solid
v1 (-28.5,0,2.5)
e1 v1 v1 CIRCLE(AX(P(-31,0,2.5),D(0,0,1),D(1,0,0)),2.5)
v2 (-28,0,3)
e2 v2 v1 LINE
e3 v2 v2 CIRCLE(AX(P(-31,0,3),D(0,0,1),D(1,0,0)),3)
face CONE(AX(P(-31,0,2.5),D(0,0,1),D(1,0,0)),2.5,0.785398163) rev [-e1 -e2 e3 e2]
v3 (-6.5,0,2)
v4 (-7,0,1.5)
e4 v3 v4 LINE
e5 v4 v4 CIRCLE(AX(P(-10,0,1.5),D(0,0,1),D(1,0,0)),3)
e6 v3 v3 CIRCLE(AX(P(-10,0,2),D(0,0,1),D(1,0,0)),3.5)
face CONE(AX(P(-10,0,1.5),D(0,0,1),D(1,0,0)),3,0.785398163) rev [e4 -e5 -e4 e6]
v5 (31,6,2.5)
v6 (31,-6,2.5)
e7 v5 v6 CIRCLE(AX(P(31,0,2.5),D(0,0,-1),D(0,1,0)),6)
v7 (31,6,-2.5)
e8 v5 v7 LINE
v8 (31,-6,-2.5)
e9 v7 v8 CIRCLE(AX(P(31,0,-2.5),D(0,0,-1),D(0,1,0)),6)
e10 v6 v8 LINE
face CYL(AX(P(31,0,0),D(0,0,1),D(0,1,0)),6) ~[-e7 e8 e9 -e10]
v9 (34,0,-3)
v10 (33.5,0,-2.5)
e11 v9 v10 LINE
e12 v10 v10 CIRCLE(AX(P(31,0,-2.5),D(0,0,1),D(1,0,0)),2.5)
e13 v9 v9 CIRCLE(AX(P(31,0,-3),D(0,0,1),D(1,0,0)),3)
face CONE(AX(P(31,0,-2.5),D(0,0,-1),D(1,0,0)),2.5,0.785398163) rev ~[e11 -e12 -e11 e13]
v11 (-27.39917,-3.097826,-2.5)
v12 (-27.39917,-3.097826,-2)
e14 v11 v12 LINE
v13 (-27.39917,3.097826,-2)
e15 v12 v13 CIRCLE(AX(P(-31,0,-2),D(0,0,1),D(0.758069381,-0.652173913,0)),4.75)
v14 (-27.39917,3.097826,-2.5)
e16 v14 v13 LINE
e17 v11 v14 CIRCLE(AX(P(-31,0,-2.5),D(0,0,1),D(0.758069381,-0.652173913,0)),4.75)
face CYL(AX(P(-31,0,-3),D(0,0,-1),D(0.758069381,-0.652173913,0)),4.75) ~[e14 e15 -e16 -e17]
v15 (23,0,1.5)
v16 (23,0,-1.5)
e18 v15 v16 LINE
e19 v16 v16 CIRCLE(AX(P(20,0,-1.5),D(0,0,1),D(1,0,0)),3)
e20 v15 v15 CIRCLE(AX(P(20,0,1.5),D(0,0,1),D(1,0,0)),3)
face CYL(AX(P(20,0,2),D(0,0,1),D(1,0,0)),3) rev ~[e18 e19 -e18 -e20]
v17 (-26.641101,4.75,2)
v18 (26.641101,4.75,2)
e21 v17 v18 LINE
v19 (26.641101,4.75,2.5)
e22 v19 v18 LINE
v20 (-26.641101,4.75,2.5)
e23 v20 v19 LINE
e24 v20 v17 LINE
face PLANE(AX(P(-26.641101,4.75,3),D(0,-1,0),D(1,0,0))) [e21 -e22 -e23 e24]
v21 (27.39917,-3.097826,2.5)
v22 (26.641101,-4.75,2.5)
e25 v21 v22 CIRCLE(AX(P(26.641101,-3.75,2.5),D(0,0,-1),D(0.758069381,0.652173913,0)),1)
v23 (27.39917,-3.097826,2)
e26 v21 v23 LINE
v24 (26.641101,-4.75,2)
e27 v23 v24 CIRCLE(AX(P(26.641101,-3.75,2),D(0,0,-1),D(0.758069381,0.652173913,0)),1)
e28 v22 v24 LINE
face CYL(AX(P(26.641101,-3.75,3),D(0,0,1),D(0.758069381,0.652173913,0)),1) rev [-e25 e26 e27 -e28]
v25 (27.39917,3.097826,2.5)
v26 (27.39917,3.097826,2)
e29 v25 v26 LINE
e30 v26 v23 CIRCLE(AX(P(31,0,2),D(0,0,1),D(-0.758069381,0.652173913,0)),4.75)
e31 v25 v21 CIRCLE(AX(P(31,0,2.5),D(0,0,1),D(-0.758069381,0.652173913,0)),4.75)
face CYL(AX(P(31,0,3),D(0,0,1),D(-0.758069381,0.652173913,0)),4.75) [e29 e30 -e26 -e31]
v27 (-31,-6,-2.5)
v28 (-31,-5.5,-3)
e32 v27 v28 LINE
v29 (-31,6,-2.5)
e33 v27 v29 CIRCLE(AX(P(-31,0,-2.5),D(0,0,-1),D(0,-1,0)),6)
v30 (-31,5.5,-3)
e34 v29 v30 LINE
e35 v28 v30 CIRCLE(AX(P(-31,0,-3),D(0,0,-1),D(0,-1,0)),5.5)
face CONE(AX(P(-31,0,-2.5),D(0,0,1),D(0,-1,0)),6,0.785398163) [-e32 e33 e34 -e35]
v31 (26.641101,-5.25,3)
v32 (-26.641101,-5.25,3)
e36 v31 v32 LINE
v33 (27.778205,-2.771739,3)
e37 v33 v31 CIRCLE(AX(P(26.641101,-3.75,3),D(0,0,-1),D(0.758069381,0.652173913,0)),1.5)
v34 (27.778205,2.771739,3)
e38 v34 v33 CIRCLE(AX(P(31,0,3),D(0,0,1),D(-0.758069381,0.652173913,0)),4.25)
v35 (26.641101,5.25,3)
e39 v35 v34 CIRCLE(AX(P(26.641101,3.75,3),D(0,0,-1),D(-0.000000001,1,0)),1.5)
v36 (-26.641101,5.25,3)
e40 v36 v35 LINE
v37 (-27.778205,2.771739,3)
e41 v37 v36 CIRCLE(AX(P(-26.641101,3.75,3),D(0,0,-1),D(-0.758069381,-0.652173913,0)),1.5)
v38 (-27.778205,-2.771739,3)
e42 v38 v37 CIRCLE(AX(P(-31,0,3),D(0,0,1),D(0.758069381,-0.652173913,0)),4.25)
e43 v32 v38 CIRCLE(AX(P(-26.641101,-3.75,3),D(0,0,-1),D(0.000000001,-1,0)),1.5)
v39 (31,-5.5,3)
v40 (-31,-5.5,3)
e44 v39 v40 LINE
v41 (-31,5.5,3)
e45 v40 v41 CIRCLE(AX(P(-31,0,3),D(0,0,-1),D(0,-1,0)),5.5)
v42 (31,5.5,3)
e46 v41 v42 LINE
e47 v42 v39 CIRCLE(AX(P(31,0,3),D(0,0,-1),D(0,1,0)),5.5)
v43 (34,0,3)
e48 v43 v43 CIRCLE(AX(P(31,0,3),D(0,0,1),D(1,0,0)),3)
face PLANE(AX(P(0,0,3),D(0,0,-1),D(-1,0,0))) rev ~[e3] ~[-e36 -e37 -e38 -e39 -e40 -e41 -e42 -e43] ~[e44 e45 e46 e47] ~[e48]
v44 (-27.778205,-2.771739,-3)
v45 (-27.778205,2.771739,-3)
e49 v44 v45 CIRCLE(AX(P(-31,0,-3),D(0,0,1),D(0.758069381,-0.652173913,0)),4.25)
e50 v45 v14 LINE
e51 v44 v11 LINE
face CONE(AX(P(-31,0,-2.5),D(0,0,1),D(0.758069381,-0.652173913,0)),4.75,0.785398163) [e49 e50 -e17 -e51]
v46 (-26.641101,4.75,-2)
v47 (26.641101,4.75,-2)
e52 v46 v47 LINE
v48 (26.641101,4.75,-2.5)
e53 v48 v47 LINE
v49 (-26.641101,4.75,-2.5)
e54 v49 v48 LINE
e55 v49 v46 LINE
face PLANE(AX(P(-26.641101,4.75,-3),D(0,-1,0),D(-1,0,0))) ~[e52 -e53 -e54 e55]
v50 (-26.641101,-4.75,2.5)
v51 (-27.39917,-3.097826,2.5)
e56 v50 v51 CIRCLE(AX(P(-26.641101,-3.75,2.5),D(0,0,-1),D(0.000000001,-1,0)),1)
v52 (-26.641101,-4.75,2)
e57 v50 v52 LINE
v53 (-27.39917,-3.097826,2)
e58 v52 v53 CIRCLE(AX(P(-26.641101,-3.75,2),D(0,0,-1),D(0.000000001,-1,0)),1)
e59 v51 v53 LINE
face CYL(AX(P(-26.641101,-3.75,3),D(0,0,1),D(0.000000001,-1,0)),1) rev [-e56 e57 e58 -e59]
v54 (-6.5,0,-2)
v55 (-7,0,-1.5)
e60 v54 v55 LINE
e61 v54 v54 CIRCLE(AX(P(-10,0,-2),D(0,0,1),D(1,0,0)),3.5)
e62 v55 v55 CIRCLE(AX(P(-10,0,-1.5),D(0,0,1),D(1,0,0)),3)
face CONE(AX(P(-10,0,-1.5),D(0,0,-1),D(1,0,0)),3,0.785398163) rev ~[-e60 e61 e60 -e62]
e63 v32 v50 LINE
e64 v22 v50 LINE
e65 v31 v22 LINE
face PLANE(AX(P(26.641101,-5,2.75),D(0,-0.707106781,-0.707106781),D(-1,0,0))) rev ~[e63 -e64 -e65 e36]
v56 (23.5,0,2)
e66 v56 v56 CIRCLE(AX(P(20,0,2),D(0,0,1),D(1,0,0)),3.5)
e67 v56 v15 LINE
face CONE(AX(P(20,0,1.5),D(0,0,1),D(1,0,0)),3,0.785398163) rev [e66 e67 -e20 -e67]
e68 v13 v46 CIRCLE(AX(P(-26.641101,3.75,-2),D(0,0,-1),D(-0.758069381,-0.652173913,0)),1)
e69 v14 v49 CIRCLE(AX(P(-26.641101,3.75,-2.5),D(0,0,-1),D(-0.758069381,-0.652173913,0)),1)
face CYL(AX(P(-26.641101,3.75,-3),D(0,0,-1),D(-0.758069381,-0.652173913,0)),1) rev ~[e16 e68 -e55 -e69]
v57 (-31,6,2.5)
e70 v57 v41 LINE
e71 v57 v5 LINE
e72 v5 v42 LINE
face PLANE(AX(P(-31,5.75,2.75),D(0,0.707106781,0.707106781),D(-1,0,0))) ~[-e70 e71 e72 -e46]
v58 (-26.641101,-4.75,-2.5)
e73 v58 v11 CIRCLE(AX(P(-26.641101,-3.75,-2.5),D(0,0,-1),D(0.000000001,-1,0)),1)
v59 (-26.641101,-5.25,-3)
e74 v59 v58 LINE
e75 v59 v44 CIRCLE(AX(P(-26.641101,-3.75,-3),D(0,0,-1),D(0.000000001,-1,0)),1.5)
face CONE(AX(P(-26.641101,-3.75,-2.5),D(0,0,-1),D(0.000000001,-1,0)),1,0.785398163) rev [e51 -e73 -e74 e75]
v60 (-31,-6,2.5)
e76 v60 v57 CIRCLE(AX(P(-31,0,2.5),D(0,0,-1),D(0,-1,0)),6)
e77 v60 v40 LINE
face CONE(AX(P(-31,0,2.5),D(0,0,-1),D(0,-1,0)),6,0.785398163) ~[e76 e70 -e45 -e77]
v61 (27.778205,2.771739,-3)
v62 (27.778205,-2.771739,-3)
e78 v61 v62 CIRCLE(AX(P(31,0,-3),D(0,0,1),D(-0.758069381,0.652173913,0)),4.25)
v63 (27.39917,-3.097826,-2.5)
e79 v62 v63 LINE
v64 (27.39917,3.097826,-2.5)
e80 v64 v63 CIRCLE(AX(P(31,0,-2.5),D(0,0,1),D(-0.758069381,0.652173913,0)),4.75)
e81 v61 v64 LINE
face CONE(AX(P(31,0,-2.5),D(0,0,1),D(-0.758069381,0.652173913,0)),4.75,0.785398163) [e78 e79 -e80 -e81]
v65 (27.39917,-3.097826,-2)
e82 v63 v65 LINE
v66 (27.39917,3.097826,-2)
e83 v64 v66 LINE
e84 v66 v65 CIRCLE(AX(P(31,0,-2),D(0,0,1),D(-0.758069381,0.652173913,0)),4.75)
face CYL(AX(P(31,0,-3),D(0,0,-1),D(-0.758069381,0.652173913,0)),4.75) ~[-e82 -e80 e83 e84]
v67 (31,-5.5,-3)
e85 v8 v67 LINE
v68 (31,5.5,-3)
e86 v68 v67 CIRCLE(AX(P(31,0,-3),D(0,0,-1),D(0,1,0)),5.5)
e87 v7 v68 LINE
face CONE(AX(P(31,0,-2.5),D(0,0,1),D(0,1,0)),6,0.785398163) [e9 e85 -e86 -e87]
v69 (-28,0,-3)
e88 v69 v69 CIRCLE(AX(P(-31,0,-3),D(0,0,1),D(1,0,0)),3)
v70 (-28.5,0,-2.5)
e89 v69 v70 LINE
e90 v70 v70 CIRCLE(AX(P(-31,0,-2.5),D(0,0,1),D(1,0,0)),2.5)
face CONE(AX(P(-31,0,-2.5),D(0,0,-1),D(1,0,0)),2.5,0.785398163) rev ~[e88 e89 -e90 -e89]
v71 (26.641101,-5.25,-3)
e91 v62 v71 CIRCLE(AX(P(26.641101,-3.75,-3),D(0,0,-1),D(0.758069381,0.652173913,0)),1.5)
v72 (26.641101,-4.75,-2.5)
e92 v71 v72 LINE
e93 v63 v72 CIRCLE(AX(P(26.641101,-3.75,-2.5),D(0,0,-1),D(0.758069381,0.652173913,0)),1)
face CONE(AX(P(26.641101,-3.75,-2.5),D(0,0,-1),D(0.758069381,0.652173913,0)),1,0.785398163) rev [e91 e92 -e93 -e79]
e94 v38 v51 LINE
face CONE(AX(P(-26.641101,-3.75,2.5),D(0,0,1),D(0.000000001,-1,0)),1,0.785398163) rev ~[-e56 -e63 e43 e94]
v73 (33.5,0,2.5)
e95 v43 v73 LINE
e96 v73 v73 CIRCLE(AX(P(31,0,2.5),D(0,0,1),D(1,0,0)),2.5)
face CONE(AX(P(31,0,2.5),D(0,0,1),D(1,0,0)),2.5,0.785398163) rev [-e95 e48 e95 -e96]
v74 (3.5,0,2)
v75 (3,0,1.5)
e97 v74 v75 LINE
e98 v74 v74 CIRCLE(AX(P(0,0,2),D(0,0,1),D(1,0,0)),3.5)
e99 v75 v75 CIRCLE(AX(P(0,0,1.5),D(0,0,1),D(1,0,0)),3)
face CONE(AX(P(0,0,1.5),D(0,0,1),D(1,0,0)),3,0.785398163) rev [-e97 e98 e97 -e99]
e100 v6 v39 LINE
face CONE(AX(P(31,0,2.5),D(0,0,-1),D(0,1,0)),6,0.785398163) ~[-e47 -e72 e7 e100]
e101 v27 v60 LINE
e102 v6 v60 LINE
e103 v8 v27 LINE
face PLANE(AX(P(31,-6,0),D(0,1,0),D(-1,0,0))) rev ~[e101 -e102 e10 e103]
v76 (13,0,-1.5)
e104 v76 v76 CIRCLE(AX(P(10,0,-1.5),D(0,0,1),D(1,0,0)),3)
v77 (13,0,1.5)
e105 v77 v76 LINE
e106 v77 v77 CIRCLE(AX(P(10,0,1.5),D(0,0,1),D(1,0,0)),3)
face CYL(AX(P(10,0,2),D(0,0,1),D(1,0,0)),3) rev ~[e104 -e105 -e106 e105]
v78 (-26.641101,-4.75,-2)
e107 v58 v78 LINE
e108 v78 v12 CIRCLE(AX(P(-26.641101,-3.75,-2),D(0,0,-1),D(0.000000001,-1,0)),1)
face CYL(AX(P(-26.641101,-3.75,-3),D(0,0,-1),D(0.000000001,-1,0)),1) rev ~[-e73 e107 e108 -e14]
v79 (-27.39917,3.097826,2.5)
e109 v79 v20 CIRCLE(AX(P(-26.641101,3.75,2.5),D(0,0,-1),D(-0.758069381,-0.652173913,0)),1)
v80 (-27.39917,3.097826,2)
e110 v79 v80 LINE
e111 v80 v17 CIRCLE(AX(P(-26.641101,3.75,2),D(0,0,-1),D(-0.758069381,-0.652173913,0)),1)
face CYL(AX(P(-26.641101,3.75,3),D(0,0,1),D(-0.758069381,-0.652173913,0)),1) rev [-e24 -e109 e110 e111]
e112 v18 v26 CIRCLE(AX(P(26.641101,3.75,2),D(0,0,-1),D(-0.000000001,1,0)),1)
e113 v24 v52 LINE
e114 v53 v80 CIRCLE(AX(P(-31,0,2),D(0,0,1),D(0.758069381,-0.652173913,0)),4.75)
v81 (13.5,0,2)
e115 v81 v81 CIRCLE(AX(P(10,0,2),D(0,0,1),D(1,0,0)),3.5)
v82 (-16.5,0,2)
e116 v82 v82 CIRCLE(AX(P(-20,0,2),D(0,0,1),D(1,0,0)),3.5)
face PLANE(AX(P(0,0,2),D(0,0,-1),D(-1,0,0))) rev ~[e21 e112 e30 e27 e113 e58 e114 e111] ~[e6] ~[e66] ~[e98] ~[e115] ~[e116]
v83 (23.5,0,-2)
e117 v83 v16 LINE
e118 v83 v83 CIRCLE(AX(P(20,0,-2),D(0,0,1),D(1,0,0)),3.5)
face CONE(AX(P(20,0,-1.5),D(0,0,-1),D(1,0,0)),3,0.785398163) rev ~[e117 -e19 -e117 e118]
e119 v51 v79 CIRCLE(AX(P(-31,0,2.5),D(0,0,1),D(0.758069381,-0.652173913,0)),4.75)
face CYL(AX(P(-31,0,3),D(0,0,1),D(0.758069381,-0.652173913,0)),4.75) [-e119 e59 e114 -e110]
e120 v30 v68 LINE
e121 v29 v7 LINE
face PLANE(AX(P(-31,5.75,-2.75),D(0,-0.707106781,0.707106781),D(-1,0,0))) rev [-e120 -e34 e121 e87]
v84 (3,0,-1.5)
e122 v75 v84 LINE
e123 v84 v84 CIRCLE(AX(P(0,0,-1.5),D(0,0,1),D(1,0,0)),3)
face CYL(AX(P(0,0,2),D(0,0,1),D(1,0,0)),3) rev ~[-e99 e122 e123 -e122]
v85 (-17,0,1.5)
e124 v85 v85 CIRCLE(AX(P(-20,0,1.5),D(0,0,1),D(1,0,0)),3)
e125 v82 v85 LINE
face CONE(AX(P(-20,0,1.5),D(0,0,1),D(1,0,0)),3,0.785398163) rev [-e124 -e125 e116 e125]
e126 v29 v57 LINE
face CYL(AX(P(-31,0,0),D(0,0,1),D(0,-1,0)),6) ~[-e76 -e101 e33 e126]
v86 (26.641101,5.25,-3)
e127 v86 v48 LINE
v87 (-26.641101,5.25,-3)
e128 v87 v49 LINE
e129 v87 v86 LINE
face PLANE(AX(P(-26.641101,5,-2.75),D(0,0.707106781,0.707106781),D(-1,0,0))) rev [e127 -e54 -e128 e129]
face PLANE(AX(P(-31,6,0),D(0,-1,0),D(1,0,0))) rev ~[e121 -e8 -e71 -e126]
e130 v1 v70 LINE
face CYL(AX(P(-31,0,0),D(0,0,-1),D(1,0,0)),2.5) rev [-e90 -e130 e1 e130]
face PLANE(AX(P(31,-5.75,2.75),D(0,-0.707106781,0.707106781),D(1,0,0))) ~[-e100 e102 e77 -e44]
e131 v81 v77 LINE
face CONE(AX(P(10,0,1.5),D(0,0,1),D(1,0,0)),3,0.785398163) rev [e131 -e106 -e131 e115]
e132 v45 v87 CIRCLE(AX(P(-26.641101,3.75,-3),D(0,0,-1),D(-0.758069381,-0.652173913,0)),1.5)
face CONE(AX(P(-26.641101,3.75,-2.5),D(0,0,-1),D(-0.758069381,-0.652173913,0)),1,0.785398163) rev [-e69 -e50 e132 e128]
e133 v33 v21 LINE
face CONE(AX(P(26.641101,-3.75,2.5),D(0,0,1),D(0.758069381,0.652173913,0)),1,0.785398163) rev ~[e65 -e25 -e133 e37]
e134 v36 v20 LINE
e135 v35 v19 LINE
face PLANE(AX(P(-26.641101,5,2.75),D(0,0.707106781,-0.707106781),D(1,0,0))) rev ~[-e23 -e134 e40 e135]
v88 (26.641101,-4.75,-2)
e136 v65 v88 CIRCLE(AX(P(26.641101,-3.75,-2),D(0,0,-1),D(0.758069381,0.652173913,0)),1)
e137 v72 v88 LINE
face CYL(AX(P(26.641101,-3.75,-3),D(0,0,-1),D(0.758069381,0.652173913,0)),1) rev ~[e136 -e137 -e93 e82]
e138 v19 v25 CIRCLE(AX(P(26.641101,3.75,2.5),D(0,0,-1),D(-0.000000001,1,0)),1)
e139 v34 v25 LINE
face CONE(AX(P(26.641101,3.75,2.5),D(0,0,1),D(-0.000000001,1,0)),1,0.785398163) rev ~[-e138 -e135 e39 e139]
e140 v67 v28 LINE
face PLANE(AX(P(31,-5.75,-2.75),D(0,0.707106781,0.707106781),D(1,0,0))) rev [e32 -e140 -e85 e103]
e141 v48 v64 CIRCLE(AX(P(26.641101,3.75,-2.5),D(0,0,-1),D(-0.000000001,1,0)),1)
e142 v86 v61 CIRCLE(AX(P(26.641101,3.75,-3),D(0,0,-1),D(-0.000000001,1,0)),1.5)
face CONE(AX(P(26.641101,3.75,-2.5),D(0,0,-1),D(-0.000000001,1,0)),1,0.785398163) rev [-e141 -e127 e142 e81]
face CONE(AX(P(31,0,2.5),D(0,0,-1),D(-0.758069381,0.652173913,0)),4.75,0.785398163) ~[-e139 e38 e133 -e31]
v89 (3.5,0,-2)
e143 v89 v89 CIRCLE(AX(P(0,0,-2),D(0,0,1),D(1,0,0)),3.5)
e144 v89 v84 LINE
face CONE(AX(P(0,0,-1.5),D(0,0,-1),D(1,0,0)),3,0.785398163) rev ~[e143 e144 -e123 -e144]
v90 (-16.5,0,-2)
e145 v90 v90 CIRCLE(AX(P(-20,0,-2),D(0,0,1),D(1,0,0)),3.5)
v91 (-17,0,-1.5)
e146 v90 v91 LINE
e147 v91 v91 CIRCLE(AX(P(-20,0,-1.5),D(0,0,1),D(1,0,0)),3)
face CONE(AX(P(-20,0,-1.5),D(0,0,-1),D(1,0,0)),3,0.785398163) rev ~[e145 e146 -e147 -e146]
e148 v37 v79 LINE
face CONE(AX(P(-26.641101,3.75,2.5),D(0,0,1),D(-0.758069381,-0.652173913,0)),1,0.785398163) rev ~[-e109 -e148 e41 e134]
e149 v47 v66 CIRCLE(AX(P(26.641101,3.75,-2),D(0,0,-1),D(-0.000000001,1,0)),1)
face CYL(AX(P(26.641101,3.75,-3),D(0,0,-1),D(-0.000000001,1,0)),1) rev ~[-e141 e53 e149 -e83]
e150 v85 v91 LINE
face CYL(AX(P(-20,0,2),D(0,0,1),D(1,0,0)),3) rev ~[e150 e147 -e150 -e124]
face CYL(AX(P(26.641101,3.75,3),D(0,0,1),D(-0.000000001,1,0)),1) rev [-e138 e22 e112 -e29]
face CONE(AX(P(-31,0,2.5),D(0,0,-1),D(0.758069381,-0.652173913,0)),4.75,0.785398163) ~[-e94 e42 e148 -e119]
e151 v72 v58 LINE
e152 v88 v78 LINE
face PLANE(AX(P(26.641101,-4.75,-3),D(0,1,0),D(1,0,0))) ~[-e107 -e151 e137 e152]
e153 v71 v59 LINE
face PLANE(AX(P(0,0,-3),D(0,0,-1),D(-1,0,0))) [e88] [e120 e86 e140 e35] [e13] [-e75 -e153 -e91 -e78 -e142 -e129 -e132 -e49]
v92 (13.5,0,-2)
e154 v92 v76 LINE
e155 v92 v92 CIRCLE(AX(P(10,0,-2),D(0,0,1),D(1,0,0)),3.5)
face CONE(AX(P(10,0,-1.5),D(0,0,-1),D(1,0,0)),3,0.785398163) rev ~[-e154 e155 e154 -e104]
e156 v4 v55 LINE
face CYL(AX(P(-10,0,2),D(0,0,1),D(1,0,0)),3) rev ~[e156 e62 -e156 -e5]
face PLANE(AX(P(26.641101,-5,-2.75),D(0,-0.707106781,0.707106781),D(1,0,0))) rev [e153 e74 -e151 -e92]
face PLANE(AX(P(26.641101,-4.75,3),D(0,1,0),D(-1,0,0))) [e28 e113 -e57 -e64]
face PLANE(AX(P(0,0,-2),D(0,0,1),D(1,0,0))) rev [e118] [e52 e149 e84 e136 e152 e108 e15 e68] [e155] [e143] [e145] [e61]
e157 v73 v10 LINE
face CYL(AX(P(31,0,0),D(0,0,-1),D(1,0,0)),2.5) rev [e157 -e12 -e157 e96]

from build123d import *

# Parameters (mm, degrees)
SKETCH1_R           = 2.5
BOSS_EXTRUDE1_DEPTH = 3
CUT_EXTRUDE1_DEPTH  = 1
SKETCH3_R           = 3
CUT_EXTRUDE2_DEPTH  = 38.815340802
CHAMFER1_SIZE       = 0.5
CHAMFER2_SIZE       = 0.5


with BuildPart() as part:
    # Sketch1 → Boss-Extrude1 (new, symmetric)
    with BuildSketch(Plane.XY):
        with BuildLine():
            Line((-31, 6), (31, 6))
            ThreePointArc((31, 6), (37, 0), (31, -6))
            Line((31, -6), (-31, -6))
            ThreePointArc((-31, -6), (-37, 0), (-31, 6))
        make_face()
        with Locations((-31, 0)):
            Circle(SKETCH1_R, mode=Mode.SUBTRACT)
        with Locations((31, 0)):
            Circle(SKETCH1_R, mode=Mode.SUBTRACT)
    extrude(amount=BOSS_EXTRUDE1_DEPTH, both=True)

    # Sketch2 → Cut-Extrude1 (cut)
    with BuildSketch(Plane.XY.offset(3)):
        with BuildLine():
            Line((-26.641101056, 4.75), (26.641101056, 4.75))
            ThreePointArc((26.641101056, 4.75), (27.549994316, 4.167028828), (27.399170438, 3.097826087))
            ThreePointArc((27.399170438, 3.097826087), (26.25, 0), (27.399170438, -3.097826087))
            ThreePointArc((27.399170438, -3.097826087), (27.549994316, -4.167028828), (26.641101056, -4.75))
            Line((26.641101056, -4.75), (-26.641101056, -4.75))
            ThreePointArc((-26.641101056, -4.75), (-27.549994316, -4.167028828), (-27.399170438, -3.097826087))
            ThreePointArc((-27.399170438, -3.097826087), (-26.25, 0), (-27.399170438, 3.097826087))
            ThreePointArc((-27.399170438, 3.097826087), (-27.549994316, 4.167028828), (-26.641101056, 4.75))
        make_face()
    cut_extrude1 = extrude(amount=-CUT_EXTRUDE1_DEPTH, mode=Mode.SUBTRACT)

    # Mirror1: Cut-Extrude1 across plane
    add(cut_extrude1.mirror(Plane.XY), mode=Mode.SUBTRACT)

    # Sketch3 → Cut-Extrude2 (cut, through all)
    with BuildSketch(Plane.XY.offset(2)):
        Circle(SKETCH3_R)
        with Locations((-20, 0)):
            Circle(SKETCH3_R)
        with Locations((-10, 0)):
            Circle(SKETCH3_R)
        with Locations((10, 0)):
            Circle(SKETCH3_R)
        with Locations((20, 0)):
            Circle(SKETCH3_R)
    extrude(amount=-CUT_EXTRUDE2_DEPTH, mode=Mode.SUBTRACT)

    # Chamfer1
    chamfer1_edges = [part.edges().sort_by_distance(p)[0] for p in [
        (-33.5, 0, 3),
        (37, 0, 3),
        (28.5, 0, 3),
        (0, 6, 3),
        (27.549994316, -4.167028828, 3),
        (26.25, 0, 3),
        (27.549994316, 4.167028828, 3),
        (0, 4.75, 3),
        (-27.549994316, 4.167028828, 3),
        (-26.25, 0, 3),
        (-27.549994316, -4.167028828, 3),
        (0, -4.75, 3),
        (-37, 0, 3),
        (17, 0, 2),
        (7, 0, 2),
        (-13, 0, 2),
        (-23, 0, 2),
        (-3, 0, 2),
        (0, -6, 3),
    ]]
    chamfer(chamfer1_edges, length=CHAMFER1_SIZE)

    # Chamfer2
    chamfer2_edges = [part.edges().sort_by_distance(p)[0] for p in [
        (-33.5, 0, -3),
        (28.5, 0, -3),
        (27.549994316, -4.167028828, -3),
        (26.25, 0, -3),
        (0, 6, -3),
        (27.549994316, 4.167028828, -3),
        (0, 4.75, -3),
        (-27.549994316, 4.167028828, -3),
        (-26.25, 0, -3),
        (-27.549994316, -4.167028828, -3),
        (0, -4.75, -3),
        (37, 0, -3),
        (0, -6, -3),
        (-37, 0, -3),
        (17, 0, -2),
        (7, 0, -2),
        (-13, 0, -2),
        (-23, 0, -2),
        (-3, 0, -2),
    ]]
    chamfer(chamfer2_edges, length=CHAMFER2_SIZE)


solid = part.part
